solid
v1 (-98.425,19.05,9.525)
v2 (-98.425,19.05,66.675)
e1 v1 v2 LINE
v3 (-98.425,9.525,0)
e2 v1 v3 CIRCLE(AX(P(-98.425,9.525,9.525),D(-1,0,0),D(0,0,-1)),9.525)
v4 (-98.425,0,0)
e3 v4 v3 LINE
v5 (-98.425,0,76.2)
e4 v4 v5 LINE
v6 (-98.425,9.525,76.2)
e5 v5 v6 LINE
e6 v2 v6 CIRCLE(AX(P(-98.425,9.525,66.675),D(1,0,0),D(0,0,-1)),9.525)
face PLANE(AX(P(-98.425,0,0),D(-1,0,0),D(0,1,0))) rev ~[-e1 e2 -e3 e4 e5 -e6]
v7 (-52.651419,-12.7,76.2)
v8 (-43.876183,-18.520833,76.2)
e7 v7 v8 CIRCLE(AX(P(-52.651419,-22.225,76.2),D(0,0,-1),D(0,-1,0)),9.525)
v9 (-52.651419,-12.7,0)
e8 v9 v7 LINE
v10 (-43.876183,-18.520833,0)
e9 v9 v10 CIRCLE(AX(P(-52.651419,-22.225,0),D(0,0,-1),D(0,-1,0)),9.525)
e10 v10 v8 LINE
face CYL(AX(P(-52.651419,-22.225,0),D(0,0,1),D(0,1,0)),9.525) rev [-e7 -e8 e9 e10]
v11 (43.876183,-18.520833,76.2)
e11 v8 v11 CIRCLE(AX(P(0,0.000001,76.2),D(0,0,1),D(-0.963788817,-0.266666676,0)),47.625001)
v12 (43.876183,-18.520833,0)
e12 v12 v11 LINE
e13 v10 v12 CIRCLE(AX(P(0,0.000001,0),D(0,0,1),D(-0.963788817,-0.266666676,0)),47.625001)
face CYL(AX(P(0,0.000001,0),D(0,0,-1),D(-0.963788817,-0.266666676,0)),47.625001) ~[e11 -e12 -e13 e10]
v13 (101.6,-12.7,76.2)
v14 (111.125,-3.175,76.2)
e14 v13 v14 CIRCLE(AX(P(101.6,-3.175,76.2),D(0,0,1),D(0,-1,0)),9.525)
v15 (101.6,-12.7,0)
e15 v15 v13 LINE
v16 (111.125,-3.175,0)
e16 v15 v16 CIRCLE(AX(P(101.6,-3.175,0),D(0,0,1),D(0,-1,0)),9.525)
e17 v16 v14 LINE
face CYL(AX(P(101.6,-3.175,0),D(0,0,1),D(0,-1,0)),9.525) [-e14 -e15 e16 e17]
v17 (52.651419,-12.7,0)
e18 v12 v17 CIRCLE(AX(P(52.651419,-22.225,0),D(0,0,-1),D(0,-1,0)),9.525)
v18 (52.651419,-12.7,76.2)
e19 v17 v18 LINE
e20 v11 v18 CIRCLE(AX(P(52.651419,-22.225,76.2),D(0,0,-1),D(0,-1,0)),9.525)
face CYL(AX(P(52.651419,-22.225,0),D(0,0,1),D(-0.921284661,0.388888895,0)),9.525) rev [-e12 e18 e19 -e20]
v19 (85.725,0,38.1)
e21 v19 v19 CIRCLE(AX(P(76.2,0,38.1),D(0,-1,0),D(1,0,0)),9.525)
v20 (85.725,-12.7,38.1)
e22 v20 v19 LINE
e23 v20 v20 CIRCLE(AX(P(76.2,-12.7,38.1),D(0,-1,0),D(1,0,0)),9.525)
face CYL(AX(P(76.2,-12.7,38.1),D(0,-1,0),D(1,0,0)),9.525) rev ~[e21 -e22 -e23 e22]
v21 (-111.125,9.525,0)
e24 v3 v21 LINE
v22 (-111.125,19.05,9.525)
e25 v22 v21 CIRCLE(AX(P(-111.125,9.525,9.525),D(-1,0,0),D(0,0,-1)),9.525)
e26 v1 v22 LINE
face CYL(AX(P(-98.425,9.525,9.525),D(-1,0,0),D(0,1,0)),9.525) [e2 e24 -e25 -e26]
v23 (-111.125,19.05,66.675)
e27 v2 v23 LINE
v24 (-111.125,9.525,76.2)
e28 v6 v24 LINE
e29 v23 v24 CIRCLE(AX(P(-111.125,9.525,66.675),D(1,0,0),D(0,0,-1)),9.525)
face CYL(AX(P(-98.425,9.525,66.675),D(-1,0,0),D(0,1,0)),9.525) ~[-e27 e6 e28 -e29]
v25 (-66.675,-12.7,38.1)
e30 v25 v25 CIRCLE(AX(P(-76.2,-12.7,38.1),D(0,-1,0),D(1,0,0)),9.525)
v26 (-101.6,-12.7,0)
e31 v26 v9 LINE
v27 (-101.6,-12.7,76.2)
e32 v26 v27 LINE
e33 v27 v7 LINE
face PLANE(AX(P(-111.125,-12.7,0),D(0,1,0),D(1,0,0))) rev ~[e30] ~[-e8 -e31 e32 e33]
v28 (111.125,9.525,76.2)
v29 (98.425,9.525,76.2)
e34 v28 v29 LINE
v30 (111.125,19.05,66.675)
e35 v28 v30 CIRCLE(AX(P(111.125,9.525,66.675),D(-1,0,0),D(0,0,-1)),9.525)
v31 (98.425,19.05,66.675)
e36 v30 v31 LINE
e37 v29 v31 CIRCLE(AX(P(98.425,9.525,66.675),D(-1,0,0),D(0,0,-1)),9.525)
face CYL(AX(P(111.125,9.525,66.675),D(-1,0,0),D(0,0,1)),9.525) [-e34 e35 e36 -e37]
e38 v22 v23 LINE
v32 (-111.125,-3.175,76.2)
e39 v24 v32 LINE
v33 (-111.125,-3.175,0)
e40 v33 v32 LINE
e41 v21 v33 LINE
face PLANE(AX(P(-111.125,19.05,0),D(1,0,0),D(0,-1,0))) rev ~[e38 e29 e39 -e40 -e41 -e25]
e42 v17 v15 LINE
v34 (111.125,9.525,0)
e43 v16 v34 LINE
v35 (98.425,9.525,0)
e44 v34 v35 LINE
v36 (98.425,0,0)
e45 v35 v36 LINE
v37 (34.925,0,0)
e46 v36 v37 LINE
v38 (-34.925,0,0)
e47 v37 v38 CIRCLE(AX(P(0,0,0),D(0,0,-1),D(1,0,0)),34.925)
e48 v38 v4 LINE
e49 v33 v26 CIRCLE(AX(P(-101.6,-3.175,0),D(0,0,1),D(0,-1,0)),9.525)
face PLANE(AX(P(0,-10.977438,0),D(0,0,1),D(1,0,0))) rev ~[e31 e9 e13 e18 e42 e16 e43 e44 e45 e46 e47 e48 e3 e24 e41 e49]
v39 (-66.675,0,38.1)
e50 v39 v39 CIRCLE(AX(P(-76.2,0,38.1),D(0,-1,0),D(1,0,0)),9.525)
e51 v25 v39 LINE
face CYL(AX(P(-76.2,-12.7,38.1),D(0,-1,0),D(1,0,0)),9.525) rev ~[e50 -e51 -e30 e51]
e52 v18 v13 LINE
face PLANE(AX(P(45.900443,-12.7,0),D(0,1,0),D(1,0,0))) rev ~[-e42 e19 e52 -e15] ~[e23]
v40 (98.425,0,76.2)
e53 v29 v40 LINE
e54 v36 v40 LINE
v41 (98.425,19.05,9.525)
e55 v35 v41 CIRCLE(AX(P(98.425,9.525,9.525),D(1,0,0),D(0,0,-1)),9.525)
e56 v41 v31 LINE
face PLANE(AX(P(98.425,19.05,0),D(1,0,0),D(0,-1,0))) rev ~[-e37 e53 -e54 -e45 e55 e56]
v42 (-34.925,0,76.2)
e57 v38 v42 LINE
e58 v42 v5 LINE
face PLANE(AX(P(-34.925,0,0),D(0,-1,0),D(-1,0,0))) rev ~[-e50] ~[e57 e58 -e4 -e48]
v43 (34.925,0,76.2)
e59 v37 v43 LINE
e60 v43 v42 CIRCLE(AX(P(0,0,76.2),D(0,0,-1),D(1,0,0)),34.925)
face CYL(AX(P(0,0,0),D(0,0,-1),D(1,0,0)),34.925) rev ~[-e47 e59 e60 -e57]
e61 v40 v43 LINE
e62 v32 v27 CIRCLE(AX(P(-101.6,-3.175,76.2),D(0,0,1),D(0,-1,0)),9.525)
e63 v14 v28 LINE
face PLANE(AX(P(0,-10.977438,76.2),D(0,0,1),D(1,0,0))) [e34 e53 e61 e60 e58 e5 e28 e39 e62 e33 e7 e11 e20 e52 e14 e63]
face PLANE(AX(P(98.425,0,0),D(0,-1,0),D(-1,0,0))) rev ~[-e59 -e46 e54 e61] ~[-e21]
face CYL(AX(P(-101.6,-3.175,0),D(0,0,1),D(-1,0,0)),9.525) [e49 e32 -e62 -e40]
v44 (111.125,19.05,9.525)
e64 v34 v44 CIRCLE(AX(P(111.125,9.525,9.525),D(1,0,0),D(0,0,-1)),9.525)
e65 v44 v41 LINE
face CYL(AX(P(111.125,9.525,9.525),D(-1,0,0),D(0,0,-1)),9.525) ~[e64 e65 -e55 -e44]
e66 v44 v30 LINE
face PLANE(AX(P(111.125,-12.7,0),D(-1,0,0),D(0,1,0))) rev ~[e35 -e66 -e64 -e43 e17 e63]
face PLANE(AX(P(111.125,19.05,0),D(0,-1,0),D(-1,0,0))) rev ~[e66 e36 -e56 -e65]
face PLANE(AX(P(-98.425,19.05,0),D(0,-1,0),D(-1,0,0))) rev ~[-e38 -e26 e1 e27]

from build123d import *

# Parameters (mm, degrees)
F1_DEPTH = 76.2
F2_R     = 9.525
F3_DEPTH = 31.751
F4_R     = 9.525


with BuildPart() as f1:
    # F0 (on Top) → F1 (new body)
    with BuildSketch(Plane.XY):
        with BuildLine():
            Line((-98.425, 19.05), (-111.125, 19.05))
            Line((-111.125, 19.05), (-111.125, -12.7))
            Line((-111.125, -12.7), (-45.900443, -12.7))
            ThreePointArc((-45.900443, -12.7), (0, -47.625), (45.900443, -12.7))
            Line((45.900443, -12.7), (111.125, -12.7))
            Line((111.125, -12.7), (111.125, 19.05))
            Line((111.125, 19.05), (98.425, 19.05))
            Line((98.425, 19.05), (98.425, 0))
            Line((98.425, 0), (34.925, 0))
            ThreePointArc((34.925, 0), (0, -34.925), (-34.925, 0))
            Line((-34.925, 0), (-98.425, 0))
            Line((-98.425, 0), (-98.425, 19.05))
        make_face()
    extrude(amount=F1_DEPTH)

    # F2 (on face) → F3 (cut, through all)
    with BuildSketch(Plane.XZ.offset(12.7)):
        with Locations((-76.2, 38.1)):
            Circle(F2_R)
        with Locations((76.2, 38.1)):
            Circle(F2_R)
    extrude(amount=-F3_DEPTH, mode=Mode.SUBTRACT)

    # F4
    f4_edges = [f1.edges().sort_by_distance(p)[0] for p in [
        (111.125, -12.7, 38.1),
        (45.900443, -12.7, 38.1),
        (-45.900443, -12.7, 38.1),
        (-111.125, -12.7, 38.1),
        (104.775, 19.05, 76.2),
        (-104.775, 19.05, 76.2),
        (104.775, 19.05, 0),
        (-104.775, 19.05, 0),
    ]]
    fillet(f4_edges, radius=F4_R)


solid = f1.part
